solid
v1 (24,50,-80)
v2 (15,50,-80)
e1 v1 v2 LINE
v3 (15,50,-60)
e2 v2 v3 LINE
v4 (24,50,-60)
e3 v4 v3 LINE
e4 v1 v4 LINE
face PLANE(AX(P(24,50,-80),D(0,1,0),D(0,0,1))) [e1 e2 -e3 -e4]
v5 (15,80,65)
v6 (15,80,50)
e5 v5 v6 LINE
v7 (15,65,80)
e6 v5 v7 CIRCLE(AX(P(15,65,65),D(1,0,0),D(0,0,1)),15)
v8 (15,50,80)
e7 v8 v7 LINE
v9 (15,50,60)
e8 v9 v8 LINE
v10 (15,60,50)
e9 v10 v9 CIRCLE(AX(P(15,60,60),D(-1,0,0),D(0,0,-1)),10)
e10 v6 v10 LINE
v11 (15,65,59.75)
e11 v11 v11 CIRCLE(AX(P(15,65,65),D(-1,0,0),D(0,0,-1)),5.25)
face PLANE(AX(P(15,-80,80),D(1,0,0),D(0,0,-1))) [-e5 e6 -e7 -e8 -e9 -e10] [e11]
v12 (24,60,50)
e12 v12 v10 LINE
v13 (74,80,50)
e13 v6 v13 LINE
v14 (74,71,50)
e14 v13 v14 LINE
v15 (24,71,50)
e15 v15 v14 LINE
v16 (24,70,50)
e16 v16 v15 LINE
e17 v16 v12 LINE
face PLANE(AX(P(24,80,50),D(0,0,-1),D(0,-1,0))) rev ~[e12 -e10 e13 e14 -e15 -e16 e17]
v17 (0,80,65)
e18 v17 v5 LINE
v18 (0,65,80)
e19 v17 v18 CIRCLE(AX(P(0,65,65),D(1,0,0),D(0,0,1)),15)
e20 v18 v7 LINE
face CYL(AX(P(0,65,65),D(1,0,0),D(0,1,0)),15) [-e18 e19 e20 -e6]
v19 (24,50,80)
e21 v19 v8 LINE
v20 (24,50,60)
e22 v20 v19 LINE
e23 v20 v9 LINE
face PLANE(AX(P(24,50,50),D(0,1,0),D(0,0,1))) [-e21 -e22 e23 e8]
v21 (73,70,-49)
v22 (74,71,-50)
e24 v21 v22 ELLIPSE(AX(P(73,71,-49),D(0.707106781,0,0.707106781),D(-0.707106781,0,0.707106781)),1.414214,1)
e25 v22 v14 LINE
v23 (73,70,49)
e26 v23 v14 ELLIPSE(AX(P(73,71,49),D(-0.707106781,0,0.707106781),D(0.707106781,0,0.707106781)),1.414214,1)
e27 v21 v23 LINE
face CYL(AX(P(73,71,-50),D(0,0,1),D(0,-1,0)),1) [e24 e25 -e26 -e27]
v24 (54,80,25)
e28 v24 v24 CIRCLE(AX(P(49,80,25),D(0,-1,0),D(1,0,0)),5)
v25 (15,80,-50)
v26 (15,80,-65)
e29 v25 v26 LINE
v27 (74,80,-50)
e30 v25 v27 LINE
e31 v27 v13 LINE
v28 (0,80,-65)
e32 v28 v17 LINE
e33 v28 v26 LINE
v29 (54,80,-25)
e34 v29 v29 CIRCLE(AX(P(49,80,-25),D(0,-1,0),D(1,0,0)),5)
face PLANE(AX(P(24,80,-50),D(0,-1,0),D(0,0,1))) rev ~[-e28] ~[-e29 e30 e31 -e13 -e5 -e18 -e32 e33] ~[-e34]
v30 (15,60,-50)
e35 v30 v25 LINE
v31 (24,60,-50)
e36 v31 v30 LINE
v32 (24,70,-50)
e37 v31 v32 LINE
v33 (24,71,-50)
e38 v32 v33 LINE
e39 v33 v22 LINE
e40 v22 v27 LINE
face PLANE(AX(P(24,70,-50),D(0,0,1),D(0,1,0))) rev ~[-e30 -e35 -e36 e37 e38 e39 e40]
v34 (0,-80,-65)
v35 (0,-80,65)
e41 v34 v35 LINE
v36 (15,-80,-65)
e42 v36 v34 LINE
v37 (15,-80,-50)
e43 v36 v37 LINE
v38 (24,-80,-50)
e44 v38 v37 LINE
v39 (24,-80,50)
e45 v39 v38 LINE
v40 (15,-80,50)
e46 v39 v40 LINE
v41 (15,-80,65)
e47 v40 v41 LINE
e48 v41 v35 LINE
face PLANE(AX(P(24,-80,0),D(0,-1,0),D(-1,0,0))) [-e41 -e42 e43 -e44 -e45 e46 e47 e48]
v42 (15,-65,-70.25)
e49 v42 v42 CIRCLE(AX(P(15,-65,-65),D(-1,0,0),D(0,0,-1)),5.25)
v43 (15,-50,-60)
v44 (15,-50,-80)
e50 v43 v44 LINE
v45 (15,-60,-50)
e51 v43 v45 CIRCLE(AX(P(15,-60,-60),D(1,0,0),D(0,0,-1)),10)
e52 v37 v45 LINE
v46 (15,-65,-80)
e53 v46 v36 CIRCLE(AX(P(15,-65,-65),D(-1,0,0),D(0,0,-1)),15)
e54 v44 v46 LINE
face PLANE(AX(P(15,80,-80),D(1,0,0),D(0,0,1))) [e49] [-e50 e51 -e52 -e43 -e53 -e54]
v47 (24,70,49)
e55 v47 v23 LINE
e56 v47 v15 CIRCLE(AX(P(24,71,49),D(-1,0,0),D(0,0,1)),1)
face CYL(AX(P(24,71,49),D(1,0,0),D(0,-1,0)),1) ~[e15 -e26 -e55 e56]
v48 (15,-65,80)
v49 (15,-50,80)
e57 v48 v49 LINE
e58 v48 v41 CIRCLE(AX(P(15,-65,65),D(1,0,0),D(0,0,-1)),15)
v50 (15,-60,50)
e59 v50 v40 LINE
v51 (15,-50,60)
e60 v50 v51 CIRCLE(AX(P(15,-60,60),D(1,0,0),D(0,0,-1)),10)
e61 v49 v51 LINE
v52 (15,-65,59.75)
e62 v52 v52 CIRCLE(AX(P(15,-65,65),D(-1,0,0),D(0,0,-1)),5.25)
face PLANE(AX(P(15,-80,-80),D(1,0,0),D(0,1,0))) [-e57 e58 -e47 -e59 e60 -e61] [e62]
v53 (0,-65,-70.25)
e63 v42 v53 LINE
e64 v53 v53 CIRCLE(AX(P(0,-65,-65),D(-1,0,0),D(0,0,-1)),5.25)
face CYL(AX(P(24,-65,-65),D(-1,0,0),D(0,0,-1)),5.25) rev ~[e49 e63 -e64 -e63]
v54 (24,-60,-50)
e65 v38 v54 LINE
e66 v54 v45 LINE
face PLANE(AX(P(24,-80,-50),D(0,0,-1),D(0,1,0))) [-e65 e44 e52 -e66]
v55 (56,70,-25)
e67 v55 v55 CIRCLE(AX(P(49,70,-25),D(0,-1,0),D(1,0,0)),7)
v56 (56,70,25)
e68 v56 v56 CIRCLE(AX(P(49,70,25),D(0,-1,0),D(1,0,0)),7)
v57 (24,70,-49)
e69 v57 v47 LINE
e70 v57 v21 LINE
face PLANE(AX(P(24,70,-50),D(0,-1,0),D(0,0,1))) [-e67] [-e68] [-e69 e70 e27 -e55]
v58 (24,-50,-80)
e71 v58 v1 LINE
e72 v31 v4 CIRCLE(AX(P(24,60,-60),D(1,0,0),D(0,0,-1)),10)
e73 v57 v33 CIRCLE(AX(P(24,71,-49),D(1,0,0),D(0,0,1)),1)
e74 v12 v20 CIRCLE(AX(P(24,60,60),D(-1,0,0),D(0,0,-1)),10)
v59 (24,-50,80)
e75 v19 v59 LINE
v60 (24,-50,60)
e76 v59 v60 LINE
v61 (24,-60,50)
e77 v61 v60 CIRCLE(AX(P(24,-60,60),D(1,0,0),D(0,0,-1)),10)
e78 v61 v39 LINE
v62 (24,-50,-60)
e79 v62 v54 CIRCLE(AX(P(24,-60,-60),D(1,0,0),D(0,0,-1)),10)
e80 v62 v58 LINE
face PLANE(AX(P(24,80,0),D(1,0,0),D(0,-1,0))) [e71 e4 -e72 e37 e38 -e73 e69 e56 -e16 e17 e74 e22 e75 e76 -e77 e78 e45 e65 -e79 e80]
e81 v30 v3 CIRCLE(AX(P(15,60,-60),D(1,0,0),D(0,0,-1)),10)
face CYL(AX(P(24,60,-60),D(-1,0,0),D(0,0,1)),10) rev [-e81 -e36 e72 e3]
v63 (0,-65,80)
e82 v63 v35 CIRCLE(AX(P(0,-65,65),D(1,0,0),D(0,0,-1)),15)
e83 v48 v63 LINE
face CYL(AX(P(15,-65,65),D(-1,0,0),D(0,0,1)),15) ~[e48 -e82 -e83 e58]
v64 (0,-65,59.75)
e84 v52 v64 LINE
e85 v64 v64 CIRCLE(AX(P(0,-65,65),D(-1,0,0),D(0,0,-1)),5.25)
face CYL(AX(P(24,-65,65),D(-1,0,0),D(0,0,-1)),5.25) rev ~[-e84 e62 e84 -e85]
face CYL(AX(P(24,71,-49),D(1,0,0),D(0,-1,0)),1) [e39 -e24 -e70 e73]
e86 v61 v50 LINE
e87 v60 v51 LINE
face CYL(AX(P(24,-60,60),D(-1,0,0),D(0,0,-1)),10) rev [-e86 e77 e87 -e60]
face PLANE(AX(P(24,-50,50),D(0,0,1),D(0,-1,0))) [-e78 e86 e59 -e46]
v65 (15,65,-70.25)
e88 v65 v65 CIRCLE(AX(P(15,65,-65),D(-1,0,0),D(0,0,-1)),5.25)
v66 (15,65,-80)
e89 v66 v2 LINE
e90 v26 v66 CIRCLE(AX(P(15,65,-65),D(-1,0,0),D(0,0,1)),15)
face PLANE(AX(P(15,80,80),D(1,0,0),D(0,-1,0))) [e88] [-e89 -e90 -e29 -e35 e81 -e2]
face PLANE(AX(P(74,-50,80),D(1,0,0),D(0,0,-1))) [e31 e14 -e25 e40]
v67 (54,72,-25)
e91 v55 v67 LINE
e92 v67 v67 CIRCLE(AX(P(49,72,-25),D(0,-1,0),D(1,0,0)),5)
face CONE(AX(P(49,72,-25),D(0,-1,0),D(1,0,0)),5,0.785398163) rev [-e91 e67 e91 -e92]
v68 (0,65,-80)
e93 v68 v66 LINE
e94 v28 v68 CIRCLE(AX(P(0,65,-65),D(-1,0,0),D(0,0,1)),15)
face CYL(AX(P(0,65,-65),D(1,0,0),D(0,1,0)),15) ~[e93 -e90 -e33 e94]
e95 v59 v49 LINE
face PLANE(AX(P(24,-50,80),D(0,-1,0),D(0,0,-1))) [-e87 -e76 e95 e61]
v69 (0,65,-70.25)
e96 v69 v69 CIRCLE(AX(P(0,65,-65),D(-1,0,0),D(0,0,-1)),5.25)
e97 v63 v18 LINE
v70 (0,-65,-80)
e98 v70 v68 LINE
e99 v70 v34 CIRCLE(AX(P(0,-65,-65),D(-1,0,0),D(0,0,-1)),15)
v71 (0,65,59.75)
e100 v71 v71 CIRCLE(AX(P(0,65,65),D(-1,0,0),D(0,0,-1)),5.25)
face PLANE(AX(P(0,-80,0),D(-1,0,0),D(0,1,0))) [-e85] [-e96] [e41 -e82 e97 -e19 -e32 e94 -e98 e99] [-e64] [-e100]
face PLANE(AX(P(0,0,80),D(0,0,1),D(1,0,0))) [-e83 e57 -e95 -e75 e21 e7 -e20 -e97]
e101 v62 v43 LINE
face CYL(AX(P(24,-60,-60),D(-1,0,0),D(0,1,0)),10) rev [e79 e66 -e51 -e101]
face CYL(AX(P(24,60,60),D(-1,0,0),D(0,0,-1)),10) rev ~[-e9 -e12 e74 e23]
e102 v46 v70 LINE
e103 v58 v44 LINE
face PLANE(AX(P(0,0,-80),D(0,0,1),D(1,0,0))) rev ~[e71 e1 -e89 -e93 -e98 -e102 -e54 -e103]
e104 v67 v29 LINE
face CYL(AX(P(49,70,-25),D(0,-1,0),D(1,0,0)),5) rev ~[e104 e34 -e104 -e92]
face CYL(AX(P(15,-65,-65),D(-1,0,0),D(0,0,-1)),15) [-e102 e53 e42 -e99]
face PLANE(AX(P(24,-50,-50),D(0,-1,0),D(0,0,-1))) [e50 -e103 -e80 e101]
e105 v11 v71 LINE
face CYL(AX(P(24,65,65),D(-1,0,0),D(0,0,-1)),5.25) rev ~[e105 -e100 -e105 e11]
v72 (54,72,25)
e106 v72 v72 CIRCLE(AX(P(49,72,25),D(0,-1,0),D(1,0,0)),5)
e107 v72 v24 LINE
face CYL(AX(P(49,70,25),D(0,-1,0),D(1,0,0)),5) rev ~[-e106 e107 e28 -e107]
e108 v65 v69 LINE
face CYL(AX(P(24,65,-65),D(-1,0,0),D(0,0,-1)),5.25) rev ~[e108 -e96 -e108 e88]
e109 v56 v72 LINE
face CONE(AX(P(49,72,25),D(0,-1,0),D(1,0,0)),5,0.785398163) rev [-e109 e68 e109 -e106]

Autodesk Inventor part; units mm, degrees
ref_plane "YZ Plane" through (0, 0, 0) normal (1, 0, 0) x (0, 1, 0)
ref_plane "XZ Plane" through (0, 0, 0) normal (0, 1, 0) x (-1, 0, 0)
ref_plane "XY Plane" through (0, 0, 0) normal (0, 0, 1) x (1, 0, 0)
sketch "Skizze1" plane through (0, 0, 0) normal (0, 0, 1) x (1, 0, 0)
  line L0 (0, 80) -> (24, 80)
  line L1 (24, 80) -> (24, -80)
  line L2 (24, -80) -> (0, -80)
  line L3 (0, -80) -> (0, 80)
  line L4 (24, 40) -> (124, 40)
  line L5 (124, 40) -> (124, -40)
  line L6 (124, -40) -> (24, -40)
  line L7 (24, -40) -> (24, 40)
  point P0 (0, 0)
  point P1 (24, 0)
  point P2 (0, 0)
  point P3 (94, 0)
  point P4 (124, 0)
  dimension "d0" = 160
  dimension "d1" = 24
  dimension "d2" = 124
  dimension "d3" = 80
  dimension "d4" = 94
extrude "Extrusion1" add sketch "Skizze1" along normal mid plane 160 contours L0 L1 L2 L3
sketch "Skizze2" plane through (24, -80, 80) normal (1, 0, 0) x (0, 0, -1)
  line L0 (0, 160) -> (30, 160)
  line L1 (30, 160) -> (30, 130)
  line L2 (30, 130) -> (0, 130)
  line L3 (0, 130) -> (0, 160)
  point P0 (80, 80)
  dimension "d19" = 30
  dimension "d20" = 30
extrude "Extrusion4" cut sketch "Skizze2" against normal blind 9
pattern_circular "Runde Anordnung1" count 4 over 360 about axis through (-10, 0, 0) along (1, 0, 0) of "Extrusion4"
sketch "Skizze3" plane through (24, 50, 50) normal (1, 0, 0) x (0, 0, -1)
  line L0 (-15, 15) -> (115, 15)
  line L1 (115, 15) -> (115, -115)
  line L2 (115, -115) -> (-15, -115)
  line L3 (-15, -115) -> (-15, 15)
  line L4 (-15, 15) -> (115, -115) construction
  line L5 (115, 15) -> (-15, -115) construction
  point P0 (50, -50)
  dimension "d26" = 130
  dimension "d27" = 130
hole "Bohrung2" at (24, 65, 65) at (24, -65, 65) at (24, 65, -65) at (24, -65, -65) direction (-1, 0, 0) diameter 10.5 end through all
fillet "Rundung2" radius 15 4 edges at (7.5, 80, -80) (7.5, -80, -80) (7.5, -80, 80) (7.5, 80, 80)
fillet "Rundung3" radius 10 4 edges at (19.5, -50, 50) (19.5, -50, -50) (19.5, 50, -50) (19.5, 50, 50)
sketch "Skizze4" plane through (24, -50, 80) normal (1, 0, 0) x (0, 0, -1)
  line L0 (130, 130) -> (30, 130) projected
  line L1 (130, -30) -> (30, -30) projected
  line L2 (130, 130) -> (30, 130)
  line L3 (30, 130) -> (30, -30)
  line L4 (30, -30) -> (130, -30)
  line L5 (130, -30) -> (130, 130)
  line L6 (130, 110) -> (130, 130) projected
  line L7 (30, 130) -> (130, 130)
  line L8 (130, 130) -> (130, 120)
  line L9 (130, 120) -> (30, 120)
  line L10 (30, 120) -> (30, 130)
  point P0 (80, 50)
  dimension "d37" = 10
extrude "Extrusion5" add sketch "Skizze4" along normal blind 50 contours L5 L9 L3 L0
sketch "Skizze5" plane through (24, 70, -50) normal (0, -1, 0) x (1, 0, 0)
  circle A0 centre (25, 25) radius 5
  circle A1 centre (25, 75) radius 5
  point P0 (-24, 50)
  dimension "d40" = 10
  dimension "d41" = 10
extrude "Extrusion6" cut sketch "Skizze5" against normal blind 10
chamfer "Fase1" distance 2 angle 45 2 edges at (44, 70, -25) (44, 70, 25)
fillet "Rundung4" radius 1 3 edges at (74, 70, 0) (49, 70, -50) (49, 70, 50)
equation "\"d5\" = d0"
properties part number "Gelenkflansch" material "Stahl AISI 4130"
